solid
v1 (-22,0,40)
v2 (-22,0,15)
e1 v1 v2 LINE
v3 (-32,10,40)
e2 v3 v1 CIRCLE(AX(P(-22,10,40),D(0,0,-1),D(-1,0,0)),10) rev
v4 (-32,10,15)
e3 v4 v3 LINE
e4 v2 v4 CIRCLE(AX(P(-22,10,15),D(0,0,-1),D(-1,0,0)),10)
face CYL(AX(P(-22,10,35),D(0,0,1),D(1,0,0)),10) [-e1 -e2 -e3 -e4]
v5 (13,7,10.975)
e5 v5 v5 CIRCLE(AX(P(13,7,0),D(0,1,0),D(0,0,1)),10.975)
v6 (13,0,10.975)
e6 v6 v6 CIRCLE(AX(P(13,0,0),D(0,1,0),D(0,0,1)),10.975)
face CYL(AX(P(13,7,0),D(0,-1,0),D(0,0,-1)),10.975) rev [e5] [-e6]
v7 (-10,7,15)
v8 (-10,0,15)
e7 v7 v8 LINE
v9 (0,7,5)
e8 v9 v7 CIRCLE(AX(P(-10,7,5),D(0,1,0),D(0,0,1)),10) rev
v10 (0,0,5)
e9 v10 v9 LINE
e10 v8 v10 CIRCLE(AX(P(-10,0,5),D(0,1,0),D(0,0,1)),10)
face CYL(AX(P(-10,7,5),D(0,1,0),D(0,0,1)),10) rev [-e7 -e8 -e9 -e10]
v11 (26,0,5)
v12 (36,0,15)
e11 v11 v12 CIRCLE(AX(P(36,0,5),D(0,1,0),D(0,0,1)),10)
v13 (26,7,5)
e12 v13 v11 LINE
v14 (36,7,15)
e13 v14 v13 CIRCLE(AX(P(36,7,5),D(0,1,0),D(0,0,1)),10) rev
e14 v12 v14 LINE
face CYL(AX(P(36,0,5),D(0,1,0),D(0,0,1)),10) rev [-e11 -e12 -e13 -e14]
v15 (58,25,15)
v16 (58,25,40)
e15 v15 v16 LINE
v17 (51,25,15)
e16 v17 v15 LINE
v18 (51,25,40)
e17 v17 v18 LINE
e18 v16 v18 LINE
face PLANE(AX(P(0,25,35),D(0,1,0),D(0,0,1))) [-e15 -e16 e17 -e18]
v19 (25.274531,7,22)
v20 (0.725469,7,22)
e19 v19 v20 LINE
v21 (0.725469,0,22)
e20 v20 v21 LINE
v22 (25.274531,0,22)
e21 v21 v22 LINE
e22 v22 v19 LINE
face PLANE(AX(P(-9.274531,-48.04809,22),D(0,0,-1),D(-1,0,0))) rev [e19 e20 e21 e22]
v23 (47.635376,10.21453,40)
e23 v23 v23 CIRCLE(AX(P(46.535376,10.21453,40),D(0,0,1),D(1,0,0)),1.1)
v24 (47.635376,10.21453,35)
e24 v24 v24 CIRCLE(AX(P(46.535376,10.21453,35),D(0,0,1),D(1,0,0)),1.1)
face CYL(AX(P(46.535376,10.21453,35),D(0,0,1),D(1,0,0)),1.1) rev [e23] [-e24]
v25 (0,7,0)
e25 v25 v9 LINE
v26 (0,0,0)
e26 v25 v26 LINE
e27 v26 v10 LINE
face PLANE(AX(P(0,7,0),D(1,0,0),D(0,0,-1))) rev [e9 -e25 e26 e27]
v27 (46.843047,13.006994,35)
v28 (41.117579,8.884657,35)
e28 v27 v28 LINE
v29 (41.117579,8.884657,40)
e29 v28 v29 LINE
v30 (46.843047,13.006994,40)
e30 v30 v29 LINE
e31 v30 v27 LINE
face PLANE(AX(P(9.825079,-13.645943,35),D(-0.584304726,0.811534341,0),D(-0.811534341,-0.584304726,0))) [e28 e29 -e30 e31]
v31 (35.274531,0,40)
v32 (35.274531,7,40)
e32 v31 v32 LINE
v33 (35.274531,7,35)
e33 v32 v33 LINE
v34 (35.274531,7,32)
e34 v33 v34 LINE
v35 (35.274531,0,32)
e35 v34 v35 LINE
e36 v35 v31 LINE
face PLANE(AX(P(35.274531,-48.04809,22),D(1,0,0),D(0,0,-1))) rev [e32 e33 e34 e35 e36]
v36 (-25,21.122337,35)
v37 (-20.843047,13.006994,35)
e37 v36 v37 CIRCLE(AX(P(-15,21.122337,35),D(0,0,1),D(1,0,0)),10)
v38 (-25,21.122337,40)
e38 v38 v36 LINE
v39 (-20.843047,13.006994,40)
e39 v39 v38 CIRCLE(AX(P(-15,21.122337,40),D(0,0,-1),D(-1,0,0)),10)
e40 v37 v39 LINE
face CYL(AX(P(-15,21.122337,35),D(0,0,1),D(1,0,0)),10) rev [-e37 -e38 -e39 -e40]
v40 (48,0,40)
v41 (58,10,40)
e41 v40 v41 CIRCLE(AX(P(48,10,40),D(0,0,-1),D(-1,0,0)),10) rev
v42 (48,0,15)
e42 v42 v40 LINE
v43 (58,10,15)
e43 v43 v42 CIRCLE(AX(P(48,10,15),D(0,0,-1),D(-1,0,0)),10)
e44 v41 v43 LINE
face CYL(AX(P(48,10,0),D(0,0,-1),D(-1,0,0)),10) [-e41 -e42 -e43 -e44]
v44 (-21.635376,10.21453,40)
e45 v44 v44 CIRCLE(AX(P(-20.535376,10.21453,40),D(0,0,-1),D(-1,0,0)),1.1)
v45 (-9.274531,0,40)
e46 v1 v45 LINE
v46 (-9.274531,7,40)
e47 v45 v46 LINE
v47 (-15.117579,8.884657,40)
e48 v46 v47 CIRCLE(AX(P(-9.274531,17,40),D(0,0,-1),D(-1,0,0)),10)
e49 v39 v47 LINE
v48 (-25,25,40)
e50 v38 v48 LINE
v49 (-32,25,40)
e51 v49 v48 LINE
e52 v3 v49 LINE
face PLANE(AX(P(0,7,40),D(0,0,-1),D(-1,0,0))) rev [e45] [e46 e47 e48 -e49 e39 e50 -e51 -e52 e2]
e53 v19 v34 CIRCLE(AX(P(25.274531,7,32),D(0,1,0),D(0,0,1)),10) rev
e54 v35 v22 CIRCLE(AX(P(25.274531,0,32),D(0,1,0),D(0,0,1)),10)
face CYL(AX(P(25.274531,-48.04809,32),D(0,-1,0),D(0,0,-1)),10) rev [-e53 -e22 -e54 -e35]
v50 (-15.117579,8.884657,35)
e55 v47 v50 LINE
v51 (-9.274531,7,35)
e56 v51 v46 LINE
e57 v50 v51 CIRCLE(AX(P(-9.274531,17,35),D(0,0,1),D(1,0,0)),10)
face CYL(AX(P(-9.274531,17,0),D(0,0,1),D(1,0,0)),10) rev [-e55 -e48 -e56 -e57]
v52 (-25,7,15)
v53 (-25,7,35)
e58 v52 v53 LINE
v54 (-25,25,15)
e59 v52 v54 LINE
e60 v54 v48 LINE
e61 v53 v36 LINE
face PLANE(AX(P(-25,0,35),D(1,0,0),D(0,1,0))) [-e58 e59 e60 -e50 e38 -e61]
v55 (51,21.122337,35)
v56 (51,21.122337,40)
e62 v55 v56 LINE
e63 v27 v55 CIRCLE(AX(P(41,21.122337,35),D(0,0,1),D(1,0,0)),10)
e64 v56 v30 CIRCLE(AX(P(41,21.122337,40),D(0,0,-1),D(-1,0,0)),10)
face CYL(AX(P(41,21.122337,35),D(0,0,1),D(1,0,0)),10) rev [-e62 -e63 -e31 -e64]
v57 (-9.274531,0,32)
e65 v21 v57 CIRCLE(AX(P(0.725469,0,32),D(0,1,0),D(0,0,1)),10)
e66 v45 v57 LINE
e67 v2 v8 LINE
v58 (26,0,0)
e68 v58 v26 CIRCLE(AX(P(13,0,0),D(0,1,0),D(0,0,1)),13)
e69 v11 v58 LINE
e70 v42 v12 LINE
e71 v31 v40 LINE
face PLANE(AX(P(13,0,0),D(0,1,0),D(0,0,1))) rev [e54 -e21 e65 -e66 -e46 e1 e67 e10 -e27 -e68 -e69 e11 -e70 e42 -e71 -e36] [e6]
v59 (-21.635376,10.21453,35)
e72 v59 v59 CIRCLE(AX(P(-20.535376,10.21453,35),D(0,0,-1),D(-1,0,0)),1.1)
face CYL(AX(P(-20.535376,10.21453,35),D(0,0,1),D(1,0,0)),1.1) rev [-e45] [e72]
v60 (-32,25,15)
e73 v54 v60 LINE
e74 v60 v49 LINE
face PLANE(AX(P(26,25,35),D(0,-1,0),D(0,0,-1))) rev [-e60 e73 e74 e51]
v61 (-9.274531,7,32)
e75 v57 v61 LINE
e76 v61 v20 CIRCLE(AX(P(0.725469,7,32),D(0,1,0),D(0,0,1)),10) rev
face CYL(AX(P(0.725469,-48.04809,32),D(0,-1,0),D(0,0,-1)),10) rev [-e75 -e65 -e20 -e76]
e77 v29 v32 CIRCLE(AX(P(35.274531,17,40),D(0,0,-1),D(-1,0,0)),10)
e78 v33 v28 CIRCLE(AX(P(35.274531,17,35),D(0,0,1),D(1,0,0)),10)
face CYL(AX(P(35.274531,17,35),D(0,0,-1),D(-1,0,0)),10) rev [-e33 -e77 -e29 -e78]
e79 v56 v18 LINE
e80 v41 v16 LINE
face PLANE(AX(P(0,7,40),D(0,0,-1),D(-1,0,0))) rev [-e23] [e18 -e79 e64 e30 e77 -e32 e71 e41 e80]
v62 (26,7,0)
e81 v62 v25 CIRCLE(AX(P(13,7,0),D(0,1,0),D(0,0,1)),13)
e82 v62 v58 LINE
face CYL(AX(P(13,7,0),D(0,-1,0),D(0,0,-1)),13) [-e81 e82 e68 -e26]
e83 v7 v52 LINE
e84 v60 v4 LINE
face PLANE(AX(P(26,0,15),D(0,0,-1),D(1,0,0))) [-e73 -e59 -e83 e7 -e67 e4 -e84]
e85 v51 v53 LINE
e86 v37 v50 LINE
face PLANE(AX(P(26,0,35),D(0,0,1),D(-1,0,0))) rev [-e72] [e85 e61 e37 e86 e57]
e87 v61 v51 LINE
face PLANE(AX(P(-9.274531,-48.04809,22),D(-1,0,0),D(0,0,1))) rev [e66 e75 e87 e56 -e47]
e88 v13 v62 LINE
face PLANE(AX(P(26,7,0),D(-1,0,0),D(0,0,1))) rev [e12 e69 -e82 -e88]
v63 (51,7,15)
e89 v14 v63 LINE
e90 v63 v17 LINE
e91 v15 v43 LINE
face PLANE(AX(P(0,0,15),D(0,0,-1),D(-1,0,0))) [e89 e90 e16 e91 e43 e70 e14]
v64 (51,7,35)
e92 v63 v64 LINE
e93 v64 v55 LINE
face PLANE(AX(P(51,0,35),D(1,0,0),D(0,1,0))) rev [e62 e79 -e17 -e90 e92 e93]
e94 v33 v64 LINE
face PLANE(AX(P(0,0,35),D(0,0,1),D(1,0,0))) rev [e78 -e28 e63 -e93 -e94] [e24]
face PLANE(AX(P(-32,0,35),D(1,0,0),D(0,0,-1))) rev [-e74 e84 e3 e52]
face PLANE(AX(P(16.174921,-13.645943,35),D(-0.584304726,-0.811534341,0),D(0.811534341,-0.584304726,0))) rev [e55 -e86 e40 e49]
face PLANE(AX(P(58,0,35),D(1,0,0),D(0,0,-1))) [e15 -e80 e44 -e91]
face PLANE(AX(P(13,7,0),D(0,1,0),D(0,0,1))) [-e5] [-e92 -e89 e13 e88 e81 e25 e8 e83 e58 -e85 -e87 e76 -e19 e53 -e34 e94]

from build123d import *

# Parameters (mm, degrees)
SKETCH1_R           = 10.975
BOSS_EXTRUDE1_DEPTH = 7
SKETCH2_R           = 1.1
BOSS_EXTRUDE2_DEPTH = 5
BOSS_EXTRUDE3_DEPTH = 20
FILLET1_R           = 10
SKETCH5_W           = 44.549062666
SKETCH5_H           = 18
CUT_EXTRUDE2_DEPTH  = 7
FILLET2_R           = 10


with BuildPart() as part:
    # Sketch1 → Boss-Extrude1 (new body)
    with BuildSketch(Plane(origin=(0, 0, 0), x_dir=(1, 0, 0), z_dir=(0, 1, 0))):
        with BuildLine():
            Line((0, 0), (0, -40))
            Line((0, -40), (26, -40))
            Line((26, -40), (26, 0))
            ThreePointArc((26, 0), (13, 13), (0, 0))
        make_face()
        with Locations(Location((13, 0, 0), (0, 0, 270))):
            Circle(SKETCH1_R, mode=Mode.SUBTRACT)
    extrude(amount=BOSS_EXTRUDE1_DEPTH)

    # Sketch2 → Boss-Extrude2 (add)
    with BuildSketch(Plane.XY.offset(40)):
        Polygon((51, 16), (51, 25), (58, 25), (58, 0), (26, 0), (26, 7), (38.5, 7), align=None)
        with Locations((46.535375551, 10.214529603)):
            Circle(SKETCH2_R, mode=Mode.SUBTRACT)
    boss_extrude2 = extrude(amount=-BOSS_EXTRUDE2_DEPTH)

    # Sketch3 → Boss-Extrude3 (add)
    with BuildSketch(Plane(origin=(0, 0, 35), x_dir=(-1, 0, 0), z_dir=(0, 0, -1))):
        Polygon((-51, 16), (-51, 7), (-38.5, 7), (-26, 7), (-26, 0), (-58, 0), (-58, 25), (-51, 25), align=None)
    boss_extrude3 = extrude(amount=BOSS_EXTRUDE3_DEPTH)

    # Mirror1: Boss-Extrude2, Boss-Extrude3 across plane
    add(boss_extrude2.mirror(Plane(origin=(13, 0, 0), x_dir=(0, 0, 1), z_dir=(1, 0, 0))))
    add(boss_extrude3.mirror(Plane(origin=(13, 0, 0), x_dir=(0, 0, 1), z_dir=(1, 0, 0))))

    # Fillet1
    fillet1_edges = [part.edges().sort_by_distance(p)[0] for p in [
        (51, 16, 37.5),
        (58, 0, 27.5),
        (38.5, 7, 37.5),
        (26, 3.5, 15),
        (-25, 16, 37.5),
        (-12.5, 7, 37.5),
        (-32, 0, 27.5),
        (0, 3.5, 15),
    ]]
    fillet(fillet1_edges, radius=FILLET1_R)

    # Sketch5 → Cut-Extrude2 (cut)
    with BuildSketch(Plane(origin=(0, 7, 0), x_dir=(1, 0, 0), z_dir=(0, 1, 0))):
        with Locations((13, -31)):
            Rectangle(SKETCH5_W, SKETCH5_H)
    extrude(amount=-CUT_EXTRUDE2_DEPTH, mode=Mode.SUBTRACT)

    # Fillet2
    fillet2_edges = [part.edges().sort_by_distance(p)[0] for p in [
        (-9.274531333, 3.5, 22),
        (35.274531333, 3.5, 22),
    ]]
    fillet(fillet2_edges, radius=FILLET2_R)


solid = part.part
